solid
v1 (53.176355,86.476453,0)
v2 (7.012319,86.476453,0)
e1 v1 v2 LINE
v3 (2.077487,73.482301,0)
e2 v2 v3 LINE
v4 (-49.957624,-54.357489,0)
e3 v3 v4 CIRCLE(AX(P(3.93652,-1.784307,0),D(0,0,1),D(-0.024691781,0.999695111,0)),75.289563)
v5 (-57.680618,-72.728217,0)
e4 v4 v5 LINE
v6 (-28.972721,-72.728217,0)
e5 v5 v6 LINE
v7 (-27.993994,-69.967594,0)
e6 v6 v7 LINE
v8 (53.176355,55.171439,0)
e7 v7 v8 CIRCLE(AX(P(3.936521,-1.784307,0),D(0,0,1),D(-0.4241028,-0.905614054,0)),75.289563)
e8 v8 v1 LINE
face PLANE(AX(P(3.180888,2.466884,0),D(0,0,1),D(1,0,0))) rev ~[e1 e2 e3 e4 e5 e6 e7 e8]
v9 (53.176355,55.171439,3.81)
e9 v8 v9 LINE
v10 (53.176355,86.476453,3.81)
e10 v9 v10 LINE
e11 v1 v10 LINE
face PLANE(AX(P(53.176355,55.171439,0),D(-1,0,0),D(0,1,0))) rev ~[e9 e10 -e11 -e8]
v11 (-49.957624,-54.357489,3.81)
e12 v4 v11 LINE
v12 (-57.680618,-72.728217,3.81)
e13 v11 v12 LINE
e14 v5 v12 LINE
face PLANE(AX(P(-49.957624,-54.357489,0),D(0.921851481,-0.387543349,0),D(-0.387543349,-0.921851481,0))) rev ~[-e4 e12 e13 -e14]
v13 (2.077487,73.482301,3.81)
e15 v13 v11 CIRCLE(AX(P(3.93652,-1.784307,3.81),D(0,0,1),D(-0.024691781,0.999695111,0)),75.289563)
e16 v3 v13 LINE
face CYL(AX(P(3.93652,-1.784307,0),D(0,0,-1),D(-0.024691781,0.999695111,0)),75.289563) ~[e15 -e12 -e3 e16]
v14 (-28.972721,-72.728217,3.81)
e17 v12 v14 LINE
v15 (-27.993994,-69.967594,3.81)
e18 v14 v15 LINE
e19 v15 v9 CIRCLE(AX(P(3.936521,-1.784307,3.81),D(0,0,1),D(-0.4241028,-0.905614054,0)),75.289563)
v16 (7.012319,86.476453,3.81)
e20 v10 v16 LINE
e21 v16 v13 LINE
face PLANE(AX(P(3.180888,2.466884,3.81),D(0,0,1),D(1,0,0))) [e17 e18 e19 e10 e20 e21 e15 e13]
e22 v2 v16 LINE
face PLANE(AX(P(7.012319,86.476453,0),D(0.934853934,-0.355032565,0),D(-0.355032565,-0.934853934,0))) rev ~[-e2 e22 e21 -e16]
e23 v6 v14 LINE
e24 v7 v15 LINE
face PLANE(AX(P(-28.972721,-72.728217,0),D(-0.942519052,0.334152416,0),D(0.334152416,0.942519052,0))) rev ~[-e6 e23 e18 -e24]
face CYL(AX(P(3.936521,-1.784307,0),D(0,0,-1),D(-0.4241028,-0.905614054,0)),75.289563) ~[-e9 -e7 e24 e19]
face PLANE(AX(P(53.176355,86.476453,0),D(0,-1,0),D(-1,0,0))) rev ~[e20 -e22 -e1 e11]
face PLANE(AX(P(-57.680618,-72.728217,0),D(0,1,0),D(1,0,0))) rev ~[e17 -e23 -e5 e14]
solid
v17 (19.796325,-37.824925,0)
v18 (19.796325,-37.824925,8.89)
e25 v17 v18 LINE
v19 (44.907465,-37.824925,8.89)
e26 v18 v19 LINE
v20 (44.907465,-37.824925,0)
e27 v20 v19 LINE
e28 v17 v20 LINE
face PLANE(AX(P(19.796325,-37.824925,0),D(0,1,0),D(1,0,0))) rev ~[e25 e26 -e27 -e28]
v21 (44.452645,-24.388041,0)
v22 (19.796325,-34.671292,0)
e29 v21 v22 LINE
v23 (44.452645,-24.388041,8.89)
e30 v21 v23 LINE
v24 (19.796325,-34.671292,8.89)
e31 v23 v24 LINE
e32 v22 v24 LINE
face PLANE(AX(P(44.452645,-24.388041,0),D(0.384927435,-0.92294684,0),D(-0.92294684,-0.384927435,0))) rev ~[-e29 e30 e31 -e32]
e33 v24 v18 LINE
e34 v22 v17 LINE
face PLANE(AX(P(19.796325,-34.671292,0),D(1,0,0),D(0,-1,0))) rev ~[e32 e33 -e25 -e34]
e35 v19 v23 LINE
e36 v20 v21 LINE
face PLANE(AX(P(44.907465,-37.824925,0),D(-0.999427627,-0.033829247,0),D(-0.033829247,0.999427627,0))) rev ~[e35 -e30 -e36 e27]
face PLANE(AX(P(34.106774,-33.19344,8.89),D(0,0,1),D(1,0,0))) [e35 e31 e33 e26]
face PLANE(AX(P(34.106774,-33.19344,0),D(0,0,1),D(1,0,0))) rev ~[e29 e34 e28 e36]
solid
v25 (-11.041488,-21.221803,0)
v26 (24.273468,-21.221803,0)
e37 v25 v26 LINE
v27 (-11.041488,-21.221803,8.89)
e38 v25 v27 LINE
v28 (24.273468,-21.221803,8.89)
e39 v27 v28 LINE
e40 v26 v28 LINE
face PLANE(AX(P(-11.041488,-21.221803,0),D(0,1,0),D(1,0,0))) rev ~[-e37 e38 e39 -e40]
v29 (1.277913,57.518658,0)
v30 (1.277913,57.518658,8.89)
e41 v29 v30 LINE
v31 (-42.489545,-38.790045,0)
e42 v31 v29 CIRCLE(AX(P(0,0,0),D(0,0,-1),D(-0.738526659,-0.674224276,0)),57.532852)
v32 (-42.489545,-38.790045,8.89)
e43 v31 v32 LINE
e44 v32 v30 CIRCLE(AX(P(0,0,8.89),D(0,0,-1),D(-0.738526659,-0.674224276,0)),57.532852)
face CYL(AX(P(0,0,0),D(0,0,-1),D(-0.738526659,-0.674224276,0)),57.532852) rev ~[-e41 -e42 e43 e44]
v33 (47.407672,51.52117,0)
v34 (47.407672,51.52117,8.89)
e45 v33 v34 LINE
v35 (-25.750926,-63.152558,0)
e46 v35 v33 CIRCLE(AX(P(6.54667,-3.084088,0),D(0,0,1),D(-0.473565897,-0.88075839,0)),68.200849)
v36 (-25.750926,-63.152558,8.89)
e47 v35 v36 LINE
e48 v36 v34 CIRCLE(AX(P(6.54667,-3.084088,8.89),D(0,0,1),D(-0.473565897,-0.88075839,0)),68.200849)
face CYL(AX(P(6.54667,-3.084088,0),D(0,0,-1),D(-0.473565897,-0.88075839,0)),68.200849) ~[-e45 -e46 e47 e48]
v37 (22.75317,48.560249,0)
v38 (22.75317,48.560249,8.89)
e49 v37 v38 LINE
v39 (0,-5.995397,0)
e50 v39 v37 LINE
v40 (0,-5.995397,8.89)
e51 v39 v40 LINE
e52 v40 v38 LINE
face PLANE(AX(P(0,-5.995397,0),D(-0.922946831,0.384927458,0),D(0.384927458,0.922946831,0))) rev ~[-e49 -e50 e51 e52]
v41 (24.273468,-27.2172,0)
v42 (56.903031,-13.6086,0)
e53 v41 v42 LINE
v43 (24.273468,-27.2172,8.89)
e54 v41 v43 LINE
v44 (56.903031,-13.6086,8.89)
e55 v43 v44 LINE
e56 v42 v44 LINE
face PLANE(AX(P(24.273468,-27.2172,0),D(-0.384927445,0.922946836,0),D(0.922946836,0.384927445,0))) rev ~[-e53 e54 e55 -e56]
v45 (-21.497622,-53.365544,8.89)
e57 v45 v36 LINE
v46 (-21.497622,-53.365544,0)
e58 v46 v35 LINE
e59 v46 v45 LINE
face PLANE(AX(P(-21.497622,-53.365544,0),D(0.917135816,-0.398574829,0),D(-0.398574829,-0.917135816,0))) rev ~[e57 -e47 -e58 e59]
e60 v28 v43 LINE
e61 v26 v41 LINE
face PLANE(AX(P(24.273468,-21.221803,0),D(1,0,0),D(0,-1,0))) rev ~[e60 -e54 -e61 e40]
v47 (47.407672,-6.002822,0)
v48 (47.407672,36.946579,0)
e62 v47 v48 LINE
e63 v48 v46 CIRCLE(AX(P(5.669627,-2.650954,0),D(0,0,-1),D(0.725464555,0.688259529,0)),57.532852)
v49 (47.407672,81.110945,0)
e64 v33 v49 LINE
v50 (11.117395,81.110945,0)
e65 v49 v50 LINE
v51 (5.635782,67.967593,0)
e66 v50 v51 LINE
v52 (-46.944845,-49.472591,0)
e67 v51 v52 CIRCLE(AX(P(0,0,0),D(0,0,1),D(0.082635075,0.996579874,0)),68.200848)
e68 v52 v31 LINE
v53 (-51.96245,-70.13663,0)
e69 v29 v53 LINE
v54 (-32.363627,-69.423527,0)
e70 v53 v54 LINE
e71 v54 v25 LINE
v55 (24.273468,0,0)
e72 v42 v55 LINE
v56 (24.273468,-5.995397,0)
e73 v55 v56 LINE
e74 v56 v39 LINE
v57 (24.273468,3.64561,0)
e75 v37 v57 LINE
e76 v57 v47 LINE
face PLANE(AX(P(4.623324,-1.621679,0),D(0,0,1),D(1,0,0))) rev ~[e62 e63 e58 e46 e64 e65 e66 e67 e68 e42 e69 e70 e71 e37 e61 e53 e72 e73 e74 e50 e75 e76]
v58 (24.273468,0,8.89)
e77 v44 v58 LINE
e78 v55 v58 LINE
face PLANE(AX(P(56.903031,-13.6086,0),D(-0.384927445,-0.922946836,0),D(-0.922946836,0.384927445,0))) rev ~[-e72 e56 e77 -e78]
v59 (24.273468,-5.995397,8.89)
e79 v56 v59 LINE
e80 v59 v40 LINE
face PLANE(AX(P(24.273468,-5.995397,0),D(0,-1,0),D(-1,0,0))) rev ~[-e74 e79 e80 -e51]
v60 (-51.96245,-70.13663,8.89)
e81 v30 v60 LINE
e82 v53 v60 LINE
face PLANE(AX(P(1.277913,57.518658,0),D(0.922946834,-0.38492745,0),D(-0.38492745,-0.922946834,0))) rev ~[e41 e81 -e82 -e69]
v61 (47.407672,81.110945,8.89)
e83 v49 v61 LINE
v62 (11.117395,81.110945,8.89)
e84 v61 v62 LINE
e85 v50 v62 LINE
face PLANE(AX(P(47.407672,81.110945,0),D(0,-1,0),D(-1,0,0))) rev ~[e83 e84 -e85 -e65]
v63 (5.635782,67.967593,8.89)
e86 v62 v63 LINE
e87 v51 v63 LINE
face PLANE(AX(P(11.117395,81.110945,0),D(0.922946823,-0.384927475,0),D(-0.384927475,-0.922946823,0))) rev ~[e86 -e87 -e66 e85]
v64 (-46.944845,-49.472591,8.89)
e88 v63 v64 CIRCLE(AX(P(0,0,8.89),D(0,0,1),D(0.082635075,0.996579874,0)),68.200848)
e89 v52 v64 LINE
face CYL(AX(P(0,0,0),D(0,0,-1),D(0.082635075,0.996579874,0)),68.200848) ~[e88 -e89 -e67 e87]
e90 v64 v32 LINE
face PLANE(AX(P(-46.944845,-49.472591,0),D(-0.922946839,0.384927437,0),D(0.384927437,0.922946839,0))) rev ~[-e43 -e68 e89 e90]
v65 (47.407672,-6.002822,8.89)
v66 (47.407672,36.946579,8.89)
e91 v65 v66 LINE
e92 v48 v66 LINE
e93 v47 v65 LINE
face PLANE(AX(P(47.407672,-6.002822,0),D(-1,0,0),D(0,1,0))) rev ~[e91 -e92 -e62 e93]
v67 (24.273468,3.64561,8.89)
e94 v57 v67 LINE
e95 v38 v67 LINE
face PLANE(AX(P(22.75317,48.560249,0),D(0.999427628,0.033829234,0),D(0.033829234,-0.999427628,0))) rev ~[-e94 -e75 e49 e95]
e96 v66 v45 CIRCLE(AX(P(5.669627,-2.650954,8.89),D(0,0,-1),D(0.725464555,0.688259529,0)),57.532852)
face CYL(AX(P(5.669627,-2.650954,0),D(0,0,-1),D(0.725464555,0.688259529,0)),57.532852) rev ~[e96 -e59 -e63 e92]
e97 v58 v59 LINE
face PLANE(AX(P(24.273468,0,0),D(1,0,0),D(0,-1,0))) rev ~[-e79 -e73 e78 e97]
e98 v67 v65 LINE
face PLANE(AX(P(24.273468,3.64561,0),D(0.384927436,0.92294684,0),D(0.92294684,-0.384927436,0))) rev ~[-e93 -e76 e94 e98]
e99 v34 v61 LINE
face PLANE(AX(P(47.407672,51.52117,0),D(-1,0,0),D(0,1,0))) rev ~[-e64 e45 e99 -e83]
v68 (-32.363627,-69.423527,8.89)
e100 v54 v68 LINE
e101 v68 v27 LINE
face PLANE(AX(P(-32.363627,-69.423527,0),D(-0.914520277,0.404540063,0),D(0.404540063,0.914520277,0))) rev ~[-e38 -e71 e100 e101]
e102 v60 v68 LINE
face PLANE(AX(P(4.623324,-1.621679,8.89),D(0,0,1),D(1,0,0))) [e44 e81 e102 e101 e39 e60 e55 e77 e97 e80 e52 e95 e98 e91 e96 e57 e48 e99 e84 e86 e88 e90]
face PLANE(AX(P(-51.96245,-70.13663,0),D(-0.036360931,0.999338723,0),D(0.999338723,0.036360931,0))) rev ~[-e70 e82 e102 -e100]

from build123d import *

# Parameters (mm, degrees)
F1_DEPTH = 8.89
F3_DEPTH = 3.81


with BuildPart() as f1:
    # F0 (on Top) → F1 (new body)
    with BuildSketch(Plane.XY):
        with BuildLine():
            ThreePointArc((-42.489545, -38.790045), (-52.37787, 23.803105), (1.277913, 57.518658))
            Line((1.277913, 57.518658), (-51.96245, -70.13663))
            Line((-51.96245, -70.13663), (-32.363627, -69.423527))
            Line((-32.363627, -69.423527), (-11.041488, -21.221803))
            Line((-11.041488, -21.221803), (24.273468, -21.221803))
            Line((24.273468, -21.221803), (24.273468, -27.2172))
            Line((24.273468, -27.2172), (56.903031, -13.6086))
            Line((56.903031, -13.6086), (24.273468, 0))
            Line((24.273468, 0), (24.273468, -5.995397))
            Line((24.273468, -5.995397), (0, -5.995397))
            Line((0, -5.995397), (22.75317, 48.560249))
            Line((22.75317, 48.560249), (24.273468, 3.64561))
            Line((24.273468, 3.64561), (47.407672, -6.002822))
            Line((47.407672, -6.002822), (47.407672, 36.946579))
            ThreePointArc((47.407672, 36.946579), (51.40962, -37.549122), (-21.497622, -53.365544))
            Line((-21.497622, -53.365544), (-25.750926, -63.152558))
            ThreePointArc((-25.750926, -63.152558), (64.043183, -39.765238), (47.407672, 51.52117))
            Line((47.407672, 51.52117), (47.407672, 81.110945))
            Line((47.407672, 81.110945), (11.117395, 81.110945))
            Line((11.117395, 81.110945), (5.635782, 67.967593))
            ThreePointArc((5.635782, 67.967593), (-62.246758, 27.869282), (-46.944845, -49.472591))
            Line((-46.944845, -49.472591), (-42.489545, -38.790045))
        make_face()
        Polygon((44.907465, -37.824925), (44.452645, -24.388041), (19.796325, -34.671292), (19.796325, -37.824925), align=None)
    extrude(amount=F1_DEPTH)


with BuildPart() as f3:
    # F2 (on Top) → F3 (new body)
    with BuildSketch(Plane.XY):
        with BuildLine():
            Line((7.012319, 86.476453), (2.077487, 73.482301))
            ThreePointArc((2.077487, 73.482301), (-65.797669, 26.599863), (-49.957624, -54.357489))
            Line((-49.957624, -54.357489), (-57.680618, -72.728217))
            Line((-57.680618, -72.728217), (-28.972721, -72.728217))
            Line((-28.972721, -72.728217), (-27.993994, -69.967594))
            ThreePointArc((-27.993994, -69.967594), (67.101761, -42.755892), (53.176355, 55.171439))
            Line((53.176355, 55.171439), (53.176355, 86.476453))
            Line((53.176355, 86.476453), (7.012319, 86.476453))
        make_face()
    extrude(amount=F3_DEPTH)


solid = Compound([f1.part, f3.part])
